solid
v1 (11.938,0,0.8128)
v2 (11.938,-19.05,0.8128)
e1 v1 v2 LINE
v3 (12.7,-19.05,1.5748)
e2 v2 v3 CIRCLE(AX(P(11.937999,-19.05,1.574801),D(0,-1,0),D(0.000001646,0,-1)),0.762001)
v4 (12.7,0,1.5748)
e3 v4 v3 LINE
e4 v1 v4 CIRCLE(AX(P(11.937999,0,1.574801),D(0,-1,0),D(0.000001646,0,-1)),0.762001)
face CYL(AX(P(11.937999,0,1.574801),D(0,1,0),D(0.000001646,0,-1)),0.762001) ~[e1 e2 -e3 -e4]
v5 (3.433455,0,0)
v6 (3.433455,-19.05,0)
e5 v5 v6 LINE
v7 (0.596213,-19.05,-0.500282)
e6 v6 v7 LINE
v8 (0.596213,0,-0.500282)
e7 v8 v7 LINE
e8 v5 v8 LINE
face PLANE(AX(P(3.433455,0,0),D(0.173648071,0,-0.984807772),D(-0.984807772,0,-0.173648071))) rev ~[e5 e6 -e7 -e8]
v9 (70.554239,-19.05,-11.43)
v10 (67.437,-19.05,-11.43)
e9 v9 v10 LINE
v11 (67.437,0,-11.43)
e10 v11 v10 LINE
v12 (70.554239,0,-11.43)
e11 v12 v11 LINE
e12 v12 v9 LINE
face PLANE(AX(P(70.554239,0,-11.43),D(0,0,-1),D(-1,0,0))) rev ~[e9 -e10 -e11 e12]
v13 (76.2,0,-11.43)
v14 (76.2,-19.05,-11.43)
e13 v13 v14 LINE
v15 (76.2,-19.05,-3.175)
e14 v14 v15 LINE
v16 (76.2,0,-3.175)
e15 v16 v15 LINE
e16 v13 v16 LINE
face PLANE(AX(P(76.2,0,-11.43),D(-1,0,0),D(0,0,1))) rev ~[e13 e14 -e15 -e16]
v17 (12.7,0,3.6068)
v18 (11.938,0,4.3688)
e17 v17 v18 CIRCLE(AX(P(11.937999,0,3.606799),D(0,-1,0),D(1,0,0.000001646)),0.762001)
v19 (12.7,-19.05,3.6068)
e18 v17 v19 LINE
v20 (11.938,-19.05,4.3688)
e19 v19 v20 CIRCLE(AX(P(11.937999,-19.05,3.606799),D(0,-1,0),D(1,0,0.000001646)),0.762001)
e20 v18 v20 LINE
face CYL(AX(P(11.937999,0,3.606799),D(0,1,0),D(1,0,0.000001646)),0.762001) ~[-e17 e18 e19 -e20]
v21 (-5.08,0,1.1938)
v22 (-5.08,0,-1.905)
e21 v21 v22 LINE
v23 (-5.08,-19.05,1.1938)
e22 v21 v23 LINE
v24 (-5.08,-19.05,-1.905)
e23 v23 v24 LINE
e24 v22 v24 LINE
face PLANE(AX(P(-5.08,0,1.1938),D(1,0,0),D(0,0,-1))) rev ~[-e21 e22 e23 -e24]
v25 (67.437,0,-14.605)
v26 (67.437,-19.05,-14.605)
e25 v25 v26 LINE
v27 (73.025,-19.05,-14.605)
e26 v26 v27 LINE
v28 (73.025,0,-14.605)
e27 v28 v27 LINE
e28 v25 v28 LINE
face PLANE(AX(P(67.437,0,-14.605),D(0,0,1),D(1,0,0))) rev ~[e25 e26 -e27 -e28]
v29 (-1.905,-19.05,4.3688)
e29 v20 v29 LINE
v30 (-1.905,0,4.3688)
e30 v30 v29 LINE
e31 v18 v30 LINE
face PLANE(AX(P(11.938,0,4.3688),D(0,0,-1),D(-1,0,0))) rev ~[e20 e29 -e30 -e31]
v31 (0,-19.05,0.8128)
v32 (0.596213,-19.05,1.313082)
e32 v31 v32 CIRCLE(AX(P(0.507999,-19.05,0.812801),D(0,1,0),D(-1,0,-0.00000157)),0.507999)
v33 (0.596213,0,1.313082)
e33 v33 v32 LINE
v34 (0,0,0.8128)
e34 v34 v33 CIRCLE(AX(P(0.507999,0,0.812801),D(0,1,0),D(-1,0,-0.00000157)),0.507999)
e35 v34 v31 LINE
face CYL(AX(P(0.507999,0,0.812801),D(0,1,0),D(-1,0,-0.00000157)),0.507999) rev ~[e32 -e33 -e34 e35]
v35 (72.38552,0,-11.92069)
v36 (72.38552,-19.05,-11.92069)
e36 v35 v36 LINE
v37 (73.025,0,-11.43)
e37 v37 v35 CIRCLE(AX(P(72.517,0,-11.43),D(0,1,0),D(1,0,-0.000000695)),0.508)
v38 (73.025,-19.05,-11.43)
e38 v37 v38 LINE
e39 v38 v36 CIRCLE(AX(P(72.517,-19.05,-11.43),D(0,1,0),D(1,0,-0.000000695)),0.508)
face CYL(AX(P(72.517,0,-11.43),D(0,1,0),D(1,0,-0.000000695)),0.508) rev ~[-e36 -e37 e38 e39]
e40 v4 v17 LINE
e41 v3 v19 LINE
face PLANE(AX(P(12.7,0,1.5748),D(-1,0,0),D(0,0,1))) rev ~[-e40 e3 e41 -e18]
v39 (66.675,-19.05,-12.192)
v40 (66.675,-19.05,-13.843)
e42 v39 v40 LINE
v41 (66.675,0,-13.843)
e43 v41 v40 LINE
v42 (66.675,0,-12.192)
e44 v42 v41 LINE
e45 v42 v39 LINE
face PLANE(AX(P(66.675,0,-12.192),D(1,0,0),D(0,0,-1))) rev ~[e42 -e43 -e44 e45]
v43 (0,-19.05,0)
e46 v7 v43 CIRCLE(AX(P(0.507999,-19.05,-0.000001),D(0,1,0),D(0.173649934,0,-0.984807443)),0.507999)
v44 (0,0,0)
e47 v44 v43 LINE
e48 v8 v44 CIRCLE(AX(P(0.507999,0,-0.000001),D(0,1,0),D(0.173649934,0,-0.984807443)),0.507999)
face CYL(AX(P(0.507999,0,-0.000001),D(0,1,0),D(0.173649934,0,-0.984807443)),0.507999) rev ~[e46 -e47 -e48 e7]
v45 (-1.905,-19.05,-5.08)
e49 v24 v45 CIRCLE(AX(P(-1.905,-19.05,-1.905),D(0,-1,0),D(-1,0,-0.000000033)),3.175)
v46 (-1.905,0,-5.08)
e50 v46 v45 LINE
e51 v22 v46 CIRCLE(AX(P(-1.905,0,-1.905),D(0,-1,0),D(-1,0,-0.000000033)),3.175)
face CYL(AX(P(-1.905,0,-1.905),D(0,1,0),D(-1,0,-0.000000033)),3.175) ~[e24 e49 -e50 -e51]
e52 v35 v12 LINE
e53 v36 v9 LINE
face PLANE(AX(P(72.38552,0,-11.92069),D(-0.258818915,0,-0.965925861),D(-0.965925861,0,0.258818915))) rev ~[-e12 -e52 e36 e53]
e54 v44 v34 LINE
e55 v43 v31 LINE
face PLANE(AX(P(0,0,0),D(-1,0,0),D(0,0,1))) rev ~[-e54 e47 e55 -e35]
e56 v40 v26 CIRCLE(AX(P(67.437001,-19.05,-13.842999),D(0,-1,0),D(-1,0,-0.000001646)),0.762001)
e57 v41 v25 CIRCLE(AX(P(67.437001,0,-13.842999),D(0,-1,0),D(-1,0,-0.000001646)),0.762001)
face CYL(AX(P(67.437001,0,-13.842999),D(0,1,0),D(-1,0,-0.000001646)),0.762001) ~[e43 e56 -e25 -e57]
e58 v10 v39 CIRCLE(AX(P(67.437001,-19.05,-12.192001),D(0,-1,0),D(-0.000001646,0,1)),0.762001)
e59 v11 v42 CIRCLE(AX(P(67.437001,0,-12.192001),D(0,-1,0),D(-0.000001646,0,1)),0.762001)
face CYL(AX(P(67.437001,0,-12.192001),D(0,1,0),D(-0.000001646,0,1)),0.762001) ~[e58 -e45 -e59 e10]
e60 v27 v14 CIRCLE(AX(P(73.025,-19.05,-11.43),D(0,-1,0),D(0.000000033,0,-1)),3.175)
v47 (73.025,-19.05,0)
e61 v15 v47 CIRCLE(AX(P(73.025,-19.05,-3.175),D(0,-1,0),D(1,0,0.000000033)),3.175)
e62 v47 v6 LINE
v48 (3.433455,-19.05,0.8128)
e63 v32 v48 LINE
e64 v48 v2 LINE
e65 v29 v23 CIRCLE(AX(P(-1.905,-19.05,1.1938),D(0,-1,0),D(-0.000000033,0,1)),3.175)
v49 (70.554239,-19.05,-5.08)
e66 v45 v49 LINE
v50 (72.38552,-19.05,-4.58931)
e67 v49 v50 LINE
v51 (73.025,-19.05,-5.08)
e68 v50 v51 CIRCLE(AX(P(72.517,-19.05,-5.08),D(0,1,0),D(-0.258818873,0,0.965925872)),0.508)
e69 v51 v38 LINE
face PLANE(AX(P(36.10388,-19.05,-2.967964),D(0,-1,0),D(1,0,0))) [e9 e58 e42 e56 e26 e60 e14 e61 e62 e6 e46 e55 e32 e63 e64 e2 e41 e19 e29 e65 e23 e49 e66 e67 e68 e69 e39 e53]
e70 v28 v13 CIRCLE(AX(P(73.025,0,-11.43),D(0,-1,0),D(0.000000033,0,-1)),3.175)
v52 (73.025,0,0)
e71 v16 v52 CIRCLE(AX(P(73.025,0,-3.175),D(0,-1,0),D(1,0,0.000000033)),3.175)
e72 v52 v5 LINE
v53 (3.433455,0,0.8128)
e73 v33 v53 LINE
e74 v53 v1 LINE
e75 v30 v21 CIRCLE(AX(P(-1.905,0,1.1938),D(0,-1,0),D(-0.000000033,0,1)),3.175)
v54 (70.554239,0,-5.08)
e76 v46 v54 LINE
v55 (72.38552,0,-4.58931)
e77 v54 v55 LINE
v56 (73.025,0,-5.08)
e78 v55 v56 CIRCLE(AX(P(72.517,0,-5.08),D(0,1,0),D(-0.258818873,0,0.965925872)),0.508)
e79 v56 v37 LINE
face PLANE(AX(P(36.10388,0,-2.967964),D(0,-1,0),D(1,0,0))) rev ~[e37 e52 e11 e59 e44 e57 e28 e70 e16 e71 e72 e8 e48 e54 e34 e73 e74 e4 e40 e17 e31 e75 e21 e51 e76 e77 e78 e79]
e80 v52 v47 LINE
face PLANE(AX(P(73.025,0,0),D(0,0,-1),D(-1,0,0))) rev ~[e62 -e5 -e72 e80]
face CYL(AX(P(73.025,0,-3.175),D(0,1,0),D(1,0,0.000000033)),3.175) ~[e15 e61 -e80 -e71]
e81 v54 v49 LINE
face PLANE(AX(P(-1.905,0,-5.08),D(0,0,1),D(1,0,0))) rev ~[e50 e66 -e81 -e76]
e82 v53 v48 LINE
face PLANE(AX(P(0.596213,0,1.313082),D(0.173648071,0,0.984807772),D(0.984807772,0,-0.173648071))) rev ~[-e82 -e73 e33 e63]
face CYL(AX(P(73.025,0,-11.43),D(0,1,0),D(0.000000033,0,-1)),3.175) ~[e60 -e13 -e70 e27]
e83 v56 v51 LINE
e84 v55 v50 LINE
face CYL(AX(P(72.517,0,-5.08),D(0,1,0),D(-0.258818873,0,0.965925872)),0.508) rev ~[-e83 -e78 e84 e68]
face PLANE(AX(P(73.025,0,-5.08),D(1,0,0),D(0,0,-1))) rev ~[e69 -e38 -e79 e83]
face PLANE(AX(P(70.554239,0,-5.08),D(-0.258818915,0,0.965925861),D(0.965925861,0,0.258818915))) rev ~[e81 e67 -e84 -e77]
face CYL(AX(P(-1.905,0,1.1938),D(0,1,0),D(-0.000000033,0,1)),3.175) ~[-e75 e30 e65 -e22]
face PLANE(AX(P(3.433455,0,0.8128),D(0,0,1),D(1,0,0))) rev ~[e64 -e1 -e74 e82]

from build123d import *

# Parameters (mm, degrees)
F1_DEPTH = 19.05


with BuildPart() as f1:
    # F0 (on Front) → F1 (new body)
    with BuildSketch(Plane.XZ):
        with BuildLine():
            Line((3.433455, 0.8128), (11.938, 0.8128))
            ThreePointArc((11.938, 0.8128), (12.476815, 1.035985), (12.7, 1.5748))
            Line((12.7, 1.5748), (12.7, 3.6068))
            ThreePointArc((12.7, 3.6068), (12.476815, 4.145615), (11.938, 4.3688))
            Line((11.938, 4.3688), (-1.905, 4.3688))
            ThreePointArc((-1.905, 4.3688), (-4.150064, 3.438864), (-5.08, 1.1938))
            Line((-5.08, 1.1938), (-5.08, -1.905))
            ThreePointArc((-5.08, -1.905), (-4.150064, -4.150064), (-1.905, -5.08))
            Line((-1.905, -5.08), (70.554239, -5.08))
            Line((70.554239, -5.08), (72.38552, -4.58931))
            ThreePointArc((72.38552, -4.58931), (72.826251, -4.676977), (73.025, -5.08))
            Line((73.025, -5.08), (73.025, -11.43))
            ThreePointArc((73.025, -11.43), (72.826251, -11.833023), (72.38552, -11.92069))
            Line((72.38552, -11.92069), (70.554239, -11.43))
            Line((70.554239, -11.43), (67.437, -11.43))
            ThreePointArc((67.437, -11.43), (66.898185, -11.653185), (66.675, -12.192))
            Line((66.675, -12.192), (66.675, -13.843))
            ThreePointArc((66.675, -13.843), (66.898185, -14.381815), (67.437, -14.605))
            Line((67.437, -14.605), (73.025, -14.605))
            ThreePointArc((73.025, -14.605), (75.270064, -13.675064), (76.2, -11.43))
            Line((76.2, -11.43), (76.2, -3.175))
            ThreePointArc((76.2, -3.175), (75.270064, -0.929936), (73.025, 0))
            Line((73.025, 0), (3.433455, 0))
            Line((3.433455, 0), (0.596213, -0.500282))
            ThreePointArc((0.596213, -0.500282), (0.181464, -0.389151), (0, 0))
            Line((0, 0), (0, 0.8128))
            ThreePointArc((0, 0.8128), (0.181464, 1.201951), (0.596213, 1.313082))
            Line((0.596213, 1.313082), (3.433455, 0.8128))
        make_face()
    extrude(amount=F1_DEPTH)


solid = f1.part
